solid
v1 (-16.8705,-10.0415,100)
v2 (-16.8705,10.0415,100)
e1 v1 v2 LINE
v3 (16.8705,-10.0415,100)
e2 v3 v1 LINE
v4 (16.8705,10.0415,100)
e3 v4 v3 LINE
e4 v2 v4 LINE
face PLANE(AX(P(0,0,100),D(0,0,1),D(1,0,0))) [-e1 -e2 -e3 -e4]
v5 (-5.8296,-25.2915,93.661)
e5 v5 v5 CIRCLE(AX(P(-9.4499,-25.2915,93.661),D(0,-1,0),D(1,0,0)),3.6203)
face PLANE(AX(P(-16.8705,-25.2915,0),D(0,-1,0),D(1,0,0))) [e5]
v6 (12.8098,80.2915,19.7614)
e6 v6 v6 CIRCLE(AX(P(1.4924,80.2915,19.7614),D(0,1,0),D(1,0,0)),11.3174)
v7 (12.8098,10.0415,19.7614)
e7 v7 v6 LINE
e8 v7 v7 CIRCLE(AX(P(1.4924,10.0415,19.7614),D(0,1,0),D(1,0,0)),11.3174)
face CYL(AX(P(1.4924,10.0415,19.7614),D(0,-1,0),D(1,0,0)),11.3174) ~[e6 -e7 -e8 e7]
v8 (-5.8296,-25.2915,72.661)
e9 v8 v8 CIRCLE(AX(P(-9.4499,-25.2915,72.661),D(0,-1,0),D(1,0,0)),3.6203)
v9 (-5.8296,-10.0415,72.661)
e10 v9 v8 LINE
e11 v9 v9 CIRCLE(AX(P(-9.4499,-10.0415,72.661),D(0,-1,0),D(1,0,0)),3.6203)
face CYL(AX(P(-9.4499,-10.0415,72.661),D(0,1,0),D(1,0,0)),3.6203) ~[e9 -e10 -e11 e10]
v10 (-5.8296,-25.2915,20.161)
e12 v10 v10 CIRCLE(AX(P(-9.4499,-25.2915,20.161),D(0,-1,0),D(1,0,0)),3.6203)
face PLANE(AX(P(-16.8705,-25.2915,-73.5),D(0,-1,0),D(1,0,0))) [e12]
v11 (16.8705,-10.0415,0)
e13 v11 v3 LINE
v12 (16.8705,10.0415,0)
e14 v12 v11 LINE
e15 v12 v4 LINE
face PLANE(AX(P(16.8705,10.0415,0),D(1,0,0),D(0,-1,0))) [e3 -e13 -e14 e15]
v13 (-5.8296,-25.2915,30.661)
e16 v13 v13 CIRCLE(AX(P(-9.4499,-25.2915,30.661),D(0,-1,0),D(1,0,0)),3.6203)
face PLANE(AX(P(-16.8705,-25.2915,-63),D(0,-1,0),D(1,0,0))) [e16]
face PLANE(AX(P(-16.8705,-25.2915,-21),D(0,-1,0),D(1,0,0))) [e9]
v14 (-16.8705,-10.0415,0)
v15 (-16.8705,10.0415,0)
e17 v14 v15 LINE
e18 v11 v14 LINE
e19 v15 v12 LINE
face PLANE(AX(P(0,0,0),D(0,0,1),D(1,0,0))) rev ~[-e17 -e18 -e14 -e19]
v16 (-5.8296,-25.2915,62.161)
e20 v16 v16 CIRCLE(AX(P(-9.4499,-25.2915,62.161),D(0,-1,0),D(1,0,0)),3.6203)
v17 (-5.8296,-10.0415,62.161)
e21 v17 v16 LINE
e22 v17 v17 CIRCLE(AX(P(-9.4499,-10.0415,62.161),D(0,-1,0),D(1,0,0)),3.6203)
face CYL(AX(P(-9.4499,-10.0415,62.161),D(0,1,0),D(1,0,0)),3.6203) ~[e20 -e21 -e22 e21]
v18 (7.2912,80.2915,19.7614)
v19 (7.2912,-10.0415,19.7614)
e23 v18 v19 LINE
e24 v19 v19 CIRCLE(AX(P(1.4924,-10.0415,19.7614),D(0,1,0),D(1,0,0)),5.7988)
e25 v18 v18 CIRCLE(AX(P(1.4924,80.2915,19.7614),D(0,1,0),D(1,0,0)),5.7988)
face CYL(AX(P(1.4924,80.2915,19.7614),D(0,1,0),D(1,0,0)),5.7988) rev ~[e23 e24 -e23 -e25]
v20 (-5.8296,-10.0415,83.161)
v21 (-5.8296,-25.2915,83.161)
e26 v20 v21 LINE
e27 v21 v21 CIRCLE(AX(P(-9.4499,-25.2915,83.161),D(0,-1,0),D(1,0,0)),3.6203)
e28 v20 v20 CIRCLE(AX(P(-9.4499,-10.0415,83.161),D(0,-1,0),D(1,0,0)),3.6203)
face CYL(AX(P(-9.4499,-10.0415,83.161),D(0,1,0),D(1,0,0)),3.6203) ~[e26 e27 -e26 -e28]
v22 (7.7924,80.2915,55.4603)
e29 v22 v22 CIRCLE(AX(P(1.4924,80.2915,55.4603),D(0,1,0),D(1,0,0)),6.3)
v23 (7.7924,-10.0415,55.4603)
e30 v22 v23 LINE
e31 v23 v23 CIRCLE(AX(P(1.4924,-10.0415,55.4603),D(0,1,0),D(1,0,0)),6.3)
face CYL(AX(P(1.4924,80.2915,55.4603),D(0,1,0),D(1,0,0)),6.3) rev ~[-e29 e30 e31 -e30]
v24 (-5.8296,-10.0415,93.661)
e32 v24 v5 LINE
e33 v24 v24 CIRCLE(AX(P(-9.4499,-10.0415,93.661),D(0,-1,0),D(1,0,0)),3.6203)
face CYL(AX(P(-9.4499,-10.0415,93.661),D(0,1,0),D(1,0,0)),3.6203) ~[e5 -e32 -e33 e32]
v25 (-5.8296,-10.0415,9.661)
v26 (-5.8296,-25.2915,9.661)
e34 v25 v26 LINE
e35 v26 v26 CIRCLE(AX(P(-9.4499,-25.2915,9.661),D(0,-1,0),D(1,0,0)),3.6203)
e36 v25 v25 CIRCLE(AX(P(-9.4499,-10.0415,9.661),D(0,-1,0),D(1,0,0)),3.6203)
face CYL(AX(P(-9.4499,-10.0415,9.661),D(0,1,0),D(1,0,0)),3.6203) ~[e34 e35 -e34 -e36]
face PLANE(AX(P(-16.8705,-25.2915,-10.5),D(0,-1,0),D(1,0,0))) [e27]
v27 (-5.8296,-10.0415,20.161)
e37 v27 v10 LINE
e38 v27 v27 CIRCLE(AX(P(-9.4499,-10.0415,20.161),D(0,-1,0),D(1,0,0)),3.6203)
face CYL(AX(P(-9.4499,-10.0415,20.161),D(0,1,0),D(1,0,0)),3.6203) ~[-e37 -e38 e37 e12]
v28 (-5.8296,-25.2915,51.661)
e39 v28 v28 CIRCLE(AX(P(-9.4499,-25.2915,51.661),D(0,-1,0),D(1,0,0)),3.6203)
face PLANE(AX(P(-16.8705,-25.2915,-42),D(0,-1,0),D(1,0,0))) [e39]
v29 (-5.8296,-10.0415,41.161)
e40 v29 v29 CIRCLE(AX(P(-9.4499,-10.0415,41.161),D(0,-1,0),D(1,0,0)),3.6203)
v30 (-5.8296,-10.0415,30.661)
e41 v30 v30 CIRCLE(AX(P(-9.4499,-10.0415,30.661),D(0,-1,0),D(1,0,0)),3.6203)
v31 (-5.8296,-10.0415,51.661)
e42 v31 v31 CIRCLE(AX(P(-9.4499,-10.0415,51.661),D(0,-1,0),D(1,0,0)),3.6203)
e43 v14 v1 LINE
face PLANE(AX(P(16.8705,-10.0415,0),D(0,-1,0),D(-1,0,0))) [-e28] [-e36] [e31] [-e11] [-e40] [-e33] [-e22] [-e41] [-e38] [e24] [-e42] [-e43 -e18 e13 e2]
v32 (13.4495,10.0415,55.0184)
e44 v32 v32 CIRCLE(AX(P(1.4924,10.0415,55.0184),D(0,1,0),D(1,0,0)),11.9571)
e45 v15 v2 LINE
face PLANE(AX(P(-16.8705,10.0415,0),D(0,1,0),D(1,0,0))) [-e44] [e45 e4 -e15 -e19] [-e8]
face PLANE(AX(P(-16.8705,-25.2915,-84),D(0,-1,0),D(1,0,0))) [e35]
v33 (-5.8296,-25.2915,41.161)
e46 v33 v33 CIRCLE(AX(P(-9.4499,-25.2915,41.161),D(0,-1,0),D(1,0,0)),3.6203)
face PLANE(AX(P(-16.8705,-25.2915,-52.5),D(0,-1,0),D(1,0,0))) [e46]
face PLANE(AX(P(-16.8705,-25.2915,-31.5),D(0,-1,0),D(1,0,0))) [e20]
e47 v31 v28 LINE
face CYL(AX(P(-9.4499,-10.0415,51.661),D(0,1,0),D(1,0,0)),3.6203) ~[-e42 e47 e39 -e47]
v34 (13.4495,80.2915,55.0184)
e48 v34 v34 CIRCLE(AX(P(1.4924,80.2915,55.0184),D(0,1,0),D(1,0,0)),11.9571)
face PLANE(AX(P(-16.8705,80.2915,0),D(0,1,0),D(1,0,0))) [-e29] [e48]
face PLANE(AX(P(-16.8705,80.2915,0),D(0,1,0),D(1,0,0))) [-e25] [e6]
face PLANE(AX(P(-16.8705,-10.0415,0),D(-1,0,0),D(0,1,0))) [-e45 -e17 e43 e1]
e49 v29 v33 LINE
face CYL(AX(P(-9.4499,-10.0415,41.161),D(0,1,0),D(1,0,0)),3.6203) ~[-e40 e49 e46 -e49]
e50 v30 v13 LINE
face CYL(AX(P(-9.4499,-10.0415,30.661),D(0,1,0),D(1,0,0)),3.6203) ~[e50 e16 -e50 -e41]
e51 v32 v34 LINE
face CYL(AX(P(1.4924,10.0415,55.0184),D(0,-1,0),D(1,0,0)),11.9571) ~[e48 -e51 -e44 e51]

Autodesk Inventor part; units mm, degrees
ref_plane "YZ Plane" through (0, 0, 0) normal (1, 0, 0) x (0, 1, 0)
ref_plane "XZ Plane" through (0, 0, 0) normal (0, 1, 0) x (-1, 0, 0)
ref_plane "XY Plane" through (0, 0, 0) normal (0, 0, 1) x (1, 0, 0)
sketch "스케치1" plane through (0, 0, 0) normal (0, 0, 1) x (1, 0, 0)
  line L0 (-16.8705, 10.0415) -> (16.8705, 10.0415)
  line L1 (16.8705, 10.0415) -> (16.8705, -10.0415)
  line L2 (16.8705, -10.0415) -> (-16.8705, -10.0415)
  line L3 (-16.8705, -10.0415) -> (-16.8705, 10.0415)
  line L4 (-16.8705, 10.0415) -> (16.8705, -10.0415) construction
  line L5 (16.8705, 10.0415) -> (-16.8705, -10.0415) construction
  point P0 (0, 0)
extrude "돌출1" add sketch "스케치1" along normal blind 100
sketch "스케치2" plane through (-16.8705, 10.0415, 0) normal (0, 1, 0) x (1, 0, 0)
  circle A0 centre (18.3629, -19.7614) radius 11.3174
  circle A1 centre (18.3629, -55.0184) radius 11.9571
  point P0 (16.8705, 0)
extrude "돌출2" add sketch "스케치2" along normal blind 70.25
sketch "스케치3" plane through (1.4924, 80.2915, 19.7614) normal (0, 1, 0) x (1, 0, 0)
  circle A0 centre (0, 0) radius 5.7988
  circle A1 centre (0, -35.6989) radius 6.3
  point P0 (-1.4924, 19.7614)
extrude "돌출3" cut sketch "스케치3" against normal through all
sketch "스케치4" plane through (-16.8705, -10.0415, 0) normal (0, -1, 0) x (1, 0, 0)
  circle A0 centre (7.4206, 93.661) radius 3.6203
  point P0 (16.8705, 0)
extrude "돌출4" add sketch "스케치4" along normal blind 15.25
pattern_linear "직사각형 패턴1" count 9 spacing 10.5 along (0, 0, -1) of "돌출4"
sketch "스케치5" plane through (-16.8705, -10.0415, 0) normal (0, -1, 0) x (1, 0, 0)
  line L0 (27.8588, 94.265) -> (25.5194, 91.9257)
  line L1 (25.5194, 91.9257) -> (27.8178, 89.6273)
  arc A0 (27.8178, 89.6273) -> (27.8178, 91.969) centre (28.9886, 90.7982) ccw
  arc A1 (28.9886, 92.454) -> (27.8372, 93.9543) centre (29.4912, 94.0317) ccw
  arc A2 (29.6562, 92.7123) -> (28.9886, 92.454) centre (29.4017, 92.3783) ccw
  point P0 (16.8705, 0)
properties part number "0315_부품2"
